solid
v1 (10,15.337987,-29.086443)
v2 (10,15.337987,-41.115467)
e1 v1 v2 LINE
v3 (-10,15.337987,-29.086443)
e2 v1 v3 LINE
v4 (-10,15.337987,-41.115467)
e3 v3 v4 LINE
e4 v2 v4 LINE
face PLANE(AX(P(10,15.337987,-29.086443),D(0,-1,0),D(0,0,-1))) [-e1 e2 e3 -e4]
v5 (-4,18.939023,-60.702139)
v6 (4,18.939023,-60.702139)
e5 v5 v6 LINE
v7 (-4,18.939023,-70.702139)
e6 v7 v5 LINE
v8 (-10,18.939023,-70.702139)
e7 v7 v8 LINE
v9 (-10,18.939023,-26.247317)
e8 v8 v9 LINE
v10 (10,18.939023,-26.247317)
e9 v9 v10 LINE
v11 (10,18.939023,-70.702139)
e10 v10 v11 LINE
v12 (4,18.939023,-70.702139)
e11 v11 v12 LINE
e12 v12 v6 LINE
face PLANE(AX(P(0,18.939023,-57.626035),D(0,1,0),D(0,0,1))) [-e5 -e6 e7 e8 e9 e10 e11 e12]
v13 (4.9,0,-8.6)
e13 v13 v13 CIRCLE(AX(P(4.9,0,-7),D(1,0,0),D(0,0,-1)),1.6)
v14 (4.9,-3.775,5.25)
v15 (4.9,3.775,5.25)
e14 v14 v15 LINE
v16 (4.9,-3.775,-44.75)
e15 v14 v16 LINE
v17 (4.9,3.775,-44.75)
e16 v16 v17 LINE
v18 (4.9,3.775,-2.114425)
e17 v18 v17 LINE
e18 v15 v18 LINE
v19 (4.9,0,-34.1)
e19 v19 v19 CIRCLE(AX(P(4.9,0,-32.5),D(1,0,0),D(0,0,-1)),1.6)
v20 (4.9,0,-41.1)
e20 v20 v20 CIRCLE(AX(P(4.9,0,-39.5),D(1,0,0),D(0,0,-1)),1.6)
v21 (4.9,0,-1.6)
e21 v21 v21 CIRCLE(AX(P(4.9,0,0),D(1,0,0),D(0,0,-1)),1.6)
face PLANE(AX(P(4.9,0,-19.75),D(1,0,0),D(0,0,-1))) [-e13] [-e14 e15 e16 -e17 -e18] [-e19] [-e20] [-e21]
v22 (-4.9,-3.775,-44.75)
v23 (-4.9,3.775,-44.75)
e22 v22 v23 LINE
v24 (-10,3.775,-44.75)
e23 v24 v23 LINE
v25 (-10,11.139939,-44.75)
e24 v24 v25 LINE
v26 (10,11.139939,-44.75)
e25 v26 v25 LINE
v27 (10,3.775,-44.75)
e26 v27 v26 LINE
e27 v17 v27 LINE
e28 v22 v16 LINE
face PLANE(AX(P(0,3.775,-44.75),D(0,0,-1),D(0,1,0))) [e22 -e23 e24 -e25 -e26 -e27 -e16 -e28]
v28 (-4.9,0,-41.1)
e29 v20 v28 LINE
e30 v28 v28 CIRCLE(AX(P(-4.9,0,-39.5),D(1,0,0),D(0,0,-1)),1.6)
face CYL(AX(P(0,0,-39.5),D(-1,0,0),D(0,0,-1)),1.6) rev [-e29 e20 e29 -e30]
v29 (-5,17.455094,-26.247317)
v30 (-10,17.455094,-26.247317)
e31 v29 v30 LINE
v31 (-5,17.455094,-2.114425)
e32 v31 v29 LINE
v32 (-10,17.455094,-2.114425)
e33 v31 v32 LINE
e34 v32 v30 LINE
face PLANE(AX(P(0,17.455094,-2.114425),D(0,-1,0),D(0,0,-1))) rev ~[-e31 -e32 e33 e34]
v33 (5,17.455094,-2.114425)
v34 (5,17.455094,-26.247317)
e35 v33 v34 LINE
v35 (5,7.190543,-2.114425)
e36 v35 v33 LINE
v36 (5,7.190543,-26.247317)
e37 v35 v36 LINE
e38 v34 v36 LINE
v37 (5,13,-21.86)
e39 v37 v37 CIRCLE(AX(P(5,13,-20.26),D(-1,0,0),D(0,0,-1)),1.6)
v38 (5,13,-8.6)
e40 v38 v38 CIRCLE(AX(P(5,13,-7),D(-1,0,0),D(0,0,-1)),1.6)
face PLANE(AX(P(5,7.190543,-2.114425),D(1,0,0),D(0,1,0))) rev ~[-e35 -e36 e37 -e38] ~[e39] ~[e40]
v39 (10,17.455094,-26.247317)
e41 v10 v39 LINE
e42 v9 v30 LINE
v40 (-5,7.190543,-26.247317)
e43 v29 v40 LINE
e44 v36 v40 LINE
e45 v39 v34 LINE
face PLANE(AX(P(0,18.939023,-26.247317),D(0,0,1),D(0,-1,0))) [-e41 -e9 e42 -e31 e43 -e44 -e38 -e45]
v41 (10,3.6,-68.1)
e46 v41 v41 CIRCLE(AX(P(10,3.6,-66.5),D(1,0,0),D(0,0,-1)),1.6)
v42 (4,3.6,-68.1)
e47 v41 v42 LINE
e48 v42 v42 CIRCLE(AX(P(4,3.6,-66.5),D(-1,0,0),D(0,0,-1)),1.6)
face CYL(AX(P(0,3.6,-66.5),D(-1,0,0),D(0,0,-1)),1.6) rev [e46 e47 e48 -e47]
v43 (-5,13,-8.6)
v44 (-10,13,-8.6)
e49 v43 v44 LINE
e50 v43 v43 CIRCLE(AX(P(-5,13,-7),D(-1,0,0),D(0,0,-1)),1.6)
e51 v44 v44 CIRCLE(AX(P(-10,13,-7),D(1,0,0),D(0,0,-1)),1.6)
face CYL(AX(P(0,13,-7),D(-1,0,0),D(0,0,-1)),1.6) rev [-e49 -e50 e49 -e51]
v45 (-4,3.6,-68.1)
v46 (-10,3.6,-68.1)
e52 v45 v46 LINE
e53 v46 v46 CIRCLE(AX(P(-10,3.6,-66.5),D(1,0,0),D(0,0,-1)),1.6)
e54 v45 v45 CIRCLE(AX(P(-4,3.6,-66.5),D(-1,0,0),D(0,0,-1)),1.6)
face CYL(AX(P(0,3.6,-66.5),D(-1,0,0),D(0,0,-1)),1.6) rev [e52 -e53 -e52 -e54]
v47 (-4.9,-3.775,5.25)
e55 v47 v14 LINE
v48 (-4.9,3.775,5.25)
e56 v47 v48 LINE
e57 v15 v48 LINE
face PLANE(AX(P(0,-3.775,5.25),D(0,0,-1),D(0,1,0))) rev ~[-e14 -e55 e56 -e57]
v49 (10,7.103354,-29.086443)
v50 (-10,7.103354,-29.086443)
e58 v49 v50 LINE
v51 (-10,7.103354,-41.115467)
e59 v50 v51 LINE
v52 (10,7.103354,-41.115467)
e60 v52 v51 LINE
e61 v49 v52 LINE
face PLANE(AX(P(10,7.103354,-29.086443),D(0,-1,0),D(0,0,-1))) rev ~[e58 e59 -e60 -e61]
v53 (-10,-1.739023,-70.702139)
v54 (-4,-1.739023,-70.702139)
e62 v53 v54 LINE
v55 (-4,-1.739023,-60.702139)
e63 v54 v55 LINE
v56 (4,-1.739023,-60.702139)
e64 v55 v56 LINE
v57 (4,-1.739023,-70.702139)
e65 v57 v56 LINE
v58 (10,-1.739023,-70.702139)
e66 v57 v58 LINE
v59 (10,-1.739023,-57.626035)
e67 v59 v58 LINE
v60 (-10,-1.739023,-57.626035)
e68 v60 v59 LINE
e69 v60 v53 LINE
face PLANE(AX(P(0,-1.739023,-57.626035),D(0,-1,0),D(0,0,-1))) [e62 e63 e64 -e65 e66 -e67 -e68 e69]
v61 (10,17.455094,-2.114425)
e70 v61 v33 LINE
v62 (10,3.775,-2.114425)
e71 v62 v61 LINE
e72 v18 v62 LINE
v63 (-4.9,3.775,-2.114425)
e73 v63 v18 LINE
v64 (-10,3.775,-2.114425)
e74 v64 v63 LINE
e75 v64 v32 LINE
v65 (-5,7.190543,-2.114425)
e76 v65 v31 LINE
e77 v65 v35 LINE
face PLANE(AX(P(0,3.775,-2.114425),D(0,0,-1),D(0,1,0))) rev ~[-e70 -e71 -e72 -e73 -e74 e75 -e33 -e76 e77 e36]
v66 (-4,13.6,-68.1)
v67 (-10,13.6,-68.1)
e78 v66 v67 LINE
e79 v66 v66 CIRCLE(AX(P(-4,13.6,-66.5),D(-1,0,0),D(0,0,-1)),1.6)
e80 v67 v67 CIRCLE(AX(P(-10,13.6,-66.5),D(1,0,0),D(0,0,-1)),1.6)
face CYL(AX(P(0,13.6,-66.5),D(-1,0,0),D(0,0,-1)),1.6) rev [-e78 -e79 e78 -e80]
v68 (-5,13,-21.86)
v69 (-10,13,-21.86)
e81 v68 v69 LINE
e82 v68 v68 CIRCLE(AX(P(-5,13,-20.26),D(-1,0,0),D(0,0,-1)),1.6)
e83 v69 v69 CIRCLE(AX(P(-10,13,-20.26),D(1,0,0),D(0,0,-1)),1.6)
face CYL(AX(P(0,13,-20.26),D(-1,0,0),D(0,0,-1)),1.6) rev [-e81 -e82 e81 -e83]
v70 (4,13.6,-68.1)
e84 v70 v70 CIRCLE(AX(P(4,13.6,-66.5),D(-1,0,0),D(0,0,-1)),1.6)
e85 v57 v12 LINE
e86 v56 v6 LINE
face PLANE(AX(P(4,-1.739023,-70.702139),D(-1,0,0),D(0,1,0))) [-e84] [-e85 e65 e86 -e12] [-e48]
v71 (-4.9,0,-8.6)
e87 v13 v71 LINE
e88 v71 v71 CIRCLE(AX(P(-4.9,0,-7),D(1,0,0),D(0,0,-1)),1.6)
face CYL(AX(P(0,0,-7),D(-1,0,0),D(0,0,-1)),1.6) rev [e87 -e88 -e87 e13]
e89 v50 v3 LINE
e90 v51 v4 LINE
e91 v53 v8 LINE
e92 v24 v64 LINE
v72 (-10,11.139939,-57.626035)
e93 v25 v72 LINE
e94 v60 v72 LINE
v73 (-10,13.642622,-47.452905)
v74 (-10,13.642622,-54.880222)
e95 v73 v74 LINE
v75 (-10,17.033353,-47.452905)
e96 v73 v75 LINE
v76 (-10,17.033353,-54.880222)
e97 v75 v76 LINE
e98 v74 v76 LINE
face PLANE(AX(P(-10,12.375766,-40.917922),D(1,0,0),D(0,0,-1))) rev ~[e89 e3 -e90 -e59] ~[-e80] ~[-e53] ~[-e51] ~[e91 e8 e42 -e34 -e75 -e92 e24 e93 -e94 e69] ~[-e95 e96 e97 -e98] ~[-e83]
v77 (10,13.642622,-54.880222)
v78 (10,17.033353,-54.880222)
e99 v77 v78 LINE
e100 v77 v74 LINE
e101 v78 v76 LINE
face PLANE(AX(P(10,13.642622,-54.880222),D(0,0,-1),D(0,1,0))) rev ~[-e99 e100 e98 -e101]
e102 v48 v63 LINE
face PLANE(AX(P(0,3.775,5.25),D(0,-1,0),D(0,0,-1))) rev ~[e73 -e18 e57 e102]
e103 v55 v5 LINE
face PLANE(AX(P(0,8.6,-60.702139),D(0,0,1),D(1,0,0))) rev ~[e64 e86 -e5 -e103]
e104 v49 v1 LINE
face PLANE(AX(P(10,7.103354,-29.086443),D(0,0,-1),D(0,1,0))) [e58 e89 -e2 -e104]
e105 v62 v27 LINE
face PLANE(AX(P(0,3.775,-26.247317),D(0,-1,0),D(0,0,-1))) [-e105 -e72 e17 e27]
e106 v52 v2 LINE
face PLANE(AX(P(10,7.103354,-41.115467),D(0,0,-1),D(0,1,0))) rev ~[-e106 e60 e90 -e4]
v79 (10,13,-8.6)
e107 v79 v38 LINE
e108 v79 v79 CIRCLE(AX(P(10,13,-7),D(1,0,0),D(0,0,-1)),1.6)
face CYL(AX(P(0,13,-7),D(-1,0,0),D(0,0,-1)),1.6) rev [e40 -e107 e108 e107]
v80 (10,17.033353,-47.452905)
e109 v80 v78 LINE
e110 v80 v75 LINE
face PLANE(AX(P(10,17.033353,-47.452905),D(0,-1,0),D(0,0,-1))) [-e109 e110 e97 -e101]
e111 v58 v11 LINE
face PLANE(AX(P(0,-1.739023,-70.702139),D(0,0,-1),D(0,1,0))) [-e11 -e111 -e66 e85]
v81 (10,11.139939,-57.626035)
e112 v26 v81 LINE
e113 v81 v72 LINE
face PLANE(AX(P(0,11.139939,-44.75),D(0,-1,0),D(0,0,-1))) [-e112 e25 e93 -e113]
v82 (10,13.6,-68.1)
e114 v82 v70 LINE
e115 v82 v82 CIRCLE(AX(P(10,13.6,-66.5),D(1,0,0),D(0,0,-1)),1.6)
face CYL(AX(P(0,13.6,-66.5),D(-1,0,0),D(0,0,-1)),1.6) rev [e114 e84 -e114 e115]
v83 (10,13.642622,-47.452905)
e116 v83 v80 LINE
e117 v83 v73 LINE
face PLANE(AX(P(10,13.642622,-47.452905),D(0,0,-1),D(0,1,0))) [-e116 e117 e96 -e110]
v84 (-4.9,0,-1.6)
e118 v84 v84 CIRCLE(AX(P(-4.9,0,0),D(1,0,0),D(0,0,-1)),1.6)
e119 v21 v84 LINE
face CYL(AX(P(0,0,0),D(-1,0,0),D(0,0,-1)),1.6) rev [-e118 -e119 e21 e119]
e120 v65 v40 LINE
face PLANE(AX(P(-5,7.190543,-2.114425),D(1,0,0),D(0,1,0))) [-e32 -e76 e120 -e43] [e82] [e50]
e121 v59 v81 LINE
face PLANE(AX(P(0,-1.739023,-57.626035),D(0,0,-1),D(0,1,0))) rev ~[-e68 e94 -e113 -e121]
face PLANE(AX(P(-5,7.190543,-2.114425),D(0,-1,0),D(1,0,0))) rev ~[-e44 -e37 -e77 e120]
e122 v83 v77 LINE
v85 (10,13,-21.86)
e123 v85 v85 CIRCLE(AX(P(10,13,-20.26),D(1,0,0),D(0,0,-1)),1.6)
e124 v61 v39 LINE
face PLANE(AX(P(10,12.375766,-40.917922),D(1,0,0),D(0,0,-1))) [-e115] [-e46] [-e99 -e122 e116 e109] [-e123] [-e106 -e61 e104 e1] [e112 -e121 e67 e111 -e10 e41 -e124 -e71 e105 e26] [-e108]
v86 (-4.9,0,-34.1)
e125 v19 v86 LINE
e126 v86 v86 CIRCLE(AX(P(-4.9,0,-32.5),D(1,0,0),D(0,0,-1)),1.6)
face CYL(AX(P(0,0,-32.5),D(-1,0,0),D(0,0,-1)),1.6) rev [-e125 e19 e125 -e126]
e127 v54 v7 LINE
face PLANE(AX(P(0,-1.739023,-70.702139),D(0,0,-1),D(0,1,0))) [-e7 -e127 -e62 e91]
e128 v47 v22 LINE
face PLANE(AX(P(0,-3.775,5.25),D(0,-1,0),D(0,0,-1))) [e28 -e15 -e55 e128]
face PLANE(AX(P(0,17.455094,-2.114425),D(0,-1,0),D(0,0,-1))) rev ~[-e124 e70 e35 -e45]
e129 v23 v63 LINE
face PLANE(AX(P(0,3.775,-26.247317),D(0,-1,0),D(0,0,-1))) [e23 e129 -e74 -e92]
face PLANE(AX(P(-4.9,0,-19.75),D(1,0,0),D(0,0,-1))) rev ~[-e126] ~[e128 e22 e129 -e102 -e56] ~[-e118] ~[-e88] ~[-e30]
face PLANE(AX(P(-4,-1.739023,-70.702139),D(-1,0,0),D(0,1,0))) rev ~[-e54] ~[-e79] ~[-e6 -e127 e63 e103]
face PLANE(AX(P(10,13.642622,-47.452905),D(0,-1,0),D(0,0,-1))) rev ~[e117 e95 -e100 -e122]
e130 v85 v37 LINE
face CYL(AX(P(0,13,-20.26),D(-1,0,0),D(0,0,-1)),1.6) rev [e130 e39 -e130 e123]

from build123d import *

# Parameters (mm, degrees)
SKETCH_2_W          = 50
SKETCH_2_H          = 7.55
SKETCH_2_R          = 1.6
EXTRUDE_1_DEPTH     = 4.9
SKETCH_3_W          = 24.132891974
SKETCH_3_H          = 13.680093874
SKETCH_3_R          = 1.6
EXTRUDE_2_DEPTH     = 10
SKETCH_4_W          = 10
SKETCH_4_H          = 10.264550668
CUT_EXTRUDE_1_DEPTH = 48.143107127
SKETCH_6_W          = 13.076103469
SKETCH_6_H          = 20.678046372
SKETCH_6_R          = 1.6
EXTRUDE_4_DEPTH     = 10
SKETCH_7_W          = 8
SKETCH_7_H          = 20.678046372
CUT_EXTRUDE_2_DEPTH = 10
EXTRUDE_5_DEPTH     = 10
SKETCH_9_W          = 12.029023446
SKETCH_9_H          = 8.2346335
SKETCH_9_W_2        = 7.42731649
SKETCH_9_H_2        = 3.390731441
CUT_EXTRUDE_3_DEPTH = 76.878053489


with BuildPart() as part:
    # 草图2 → 凸台-拉伸1 (new, symmetric)
    with BuildSketch(Plane(origin=(0, 0, 0), x_dir=(0, 0, -1), z_dir=(1, 0, 0))):
        with Locations((19.75, 0)):
            Rectangle(SKETCH_2_W, SKETCH_2_H)
        Circle(SKETCH_2_R, mode=Mode.SUBTRACT)
        with Locations((7, 0)):
            Circle(SKETCH_2_R, mode=Mode.SUBTRACT)
        with Locations((32.5, 0)):
            Circle(SKETCH_2_R, mode=Mode.SUBTRACT)
        with Locations((39.5, 0)):
            Circle(SKETCH_2_R, mode=Mode.SUBTRACT)
    extrude(amount=EXTRUDE_1_DEPTH, both=True)

    # 草图3 → 凸台-拉伸2 (add, symmetric)
    with BuildSketch(Plane(origin=(0, 0, 0), x_dir=(0, 0, -1), z_dir=(1, 0, 0))):
        with Locations((14.180871083, 10.615046937)):
            Rectangle(SKETCH_3_W, SKETCH_3_H)
        with Locations((7, 13)):
            Circle(SKETCH_3_R, mode=Mode.SUBTRACT)
        with Locations((20.26, 13)):
            Circle(SKETCH_3_R, mode=Mode.SUBTRACT)
    extrude(amount=EXTRUDE_2_DEPTH, both=True)

    # 草图4 → 切除-拉伸1 (cut, through all)
    with BuildSketch(Plane.XY.offset(-2.114425096)):
        with Locations((0, 12.32281854)):
            Rectangle(SKETCH_4_W, SKETCH_4_H)
    extrude(amount=-CUT_EXTRUDE_1_DEPTH, mode=Mode.SUBTRACT)



with BuildPart() as body_2:
    # 草图6 → 凸台-拉伸4 (new, symmetric)
    with BuildSketch(Plane(origin=(0, 0, 0), x_dir=(0, 0, -1), z_dir=(1, 0, 0))):
        with Locations((64.164086861, 8.6)):
            Rectangle(SKETCH_6_W, SKETCH_6_H)
        with Locations((66.5, 3.6)):
            Circle(SKETCH_6_R, mode=Mode.SUBTRACT)
        with Locations((66.5, 13.6)):
            Circle(SKETCH_6_R, mode=Mode.SUBTRACT)
    extrude(amount=EXTRUDE_4_DEPTH, both=True)

    # 草图7 → 切除-拉伸2 (cut)
    with BuildSketch(Plane.XY.offset(-70.702138596)):
        with Locations((0, 8.6)):
            Rectangle(SKETCH_7_W, SKETCH_7_H)
    extrude(amount=CUT_EXTRUDE_2_DEPTH, mode=Mode.SUBTRACT)


with BuildPart() as part_1:
    add(part.part)

    add(body_2.part)  # 凸台-拉伸5 merges body 2
    # 草图8 → 凸台-拉伸5 (add, symmetric)
    with BuildSketch(Plane(origin=(0, 0, 0), x_dir=(0, 0, -1), z_dir=(1, 0, 0))):
        Polygon((57.626035127, 18.939023186), (26.24731707, 18.939023186), (26.24731707, 11.139938787), (26.24731707, 3.775), (44.75, 3.775), (44.75, 11.139938787), (57.626035127, 11.139938787), align=None)
    extrude(amount=EXTRUDE_5_DEPTH, both=True)

    # 草图9 → 切除-拉伸3 (cut, through all)
    with BuildSketch(Plane(origin=(10, 0, 0), x_dir=(0, 0, -1), z_dir=(1, 0, 0))):
        with Locations((35.100955195, 11.220670488)):
            Rectangle(SKETCH_9_W, SKETCH_9_H)
        with Locations((51.16656369, 15.337987238)):
            Rectangle(SKETCH_9_W_2, SKETCH_9_H_2)
    extrude(amount=-CUT_EXTRUDE_3_DEPTH, mode=Mode.SUBTRACT)


solid = part_1.part
